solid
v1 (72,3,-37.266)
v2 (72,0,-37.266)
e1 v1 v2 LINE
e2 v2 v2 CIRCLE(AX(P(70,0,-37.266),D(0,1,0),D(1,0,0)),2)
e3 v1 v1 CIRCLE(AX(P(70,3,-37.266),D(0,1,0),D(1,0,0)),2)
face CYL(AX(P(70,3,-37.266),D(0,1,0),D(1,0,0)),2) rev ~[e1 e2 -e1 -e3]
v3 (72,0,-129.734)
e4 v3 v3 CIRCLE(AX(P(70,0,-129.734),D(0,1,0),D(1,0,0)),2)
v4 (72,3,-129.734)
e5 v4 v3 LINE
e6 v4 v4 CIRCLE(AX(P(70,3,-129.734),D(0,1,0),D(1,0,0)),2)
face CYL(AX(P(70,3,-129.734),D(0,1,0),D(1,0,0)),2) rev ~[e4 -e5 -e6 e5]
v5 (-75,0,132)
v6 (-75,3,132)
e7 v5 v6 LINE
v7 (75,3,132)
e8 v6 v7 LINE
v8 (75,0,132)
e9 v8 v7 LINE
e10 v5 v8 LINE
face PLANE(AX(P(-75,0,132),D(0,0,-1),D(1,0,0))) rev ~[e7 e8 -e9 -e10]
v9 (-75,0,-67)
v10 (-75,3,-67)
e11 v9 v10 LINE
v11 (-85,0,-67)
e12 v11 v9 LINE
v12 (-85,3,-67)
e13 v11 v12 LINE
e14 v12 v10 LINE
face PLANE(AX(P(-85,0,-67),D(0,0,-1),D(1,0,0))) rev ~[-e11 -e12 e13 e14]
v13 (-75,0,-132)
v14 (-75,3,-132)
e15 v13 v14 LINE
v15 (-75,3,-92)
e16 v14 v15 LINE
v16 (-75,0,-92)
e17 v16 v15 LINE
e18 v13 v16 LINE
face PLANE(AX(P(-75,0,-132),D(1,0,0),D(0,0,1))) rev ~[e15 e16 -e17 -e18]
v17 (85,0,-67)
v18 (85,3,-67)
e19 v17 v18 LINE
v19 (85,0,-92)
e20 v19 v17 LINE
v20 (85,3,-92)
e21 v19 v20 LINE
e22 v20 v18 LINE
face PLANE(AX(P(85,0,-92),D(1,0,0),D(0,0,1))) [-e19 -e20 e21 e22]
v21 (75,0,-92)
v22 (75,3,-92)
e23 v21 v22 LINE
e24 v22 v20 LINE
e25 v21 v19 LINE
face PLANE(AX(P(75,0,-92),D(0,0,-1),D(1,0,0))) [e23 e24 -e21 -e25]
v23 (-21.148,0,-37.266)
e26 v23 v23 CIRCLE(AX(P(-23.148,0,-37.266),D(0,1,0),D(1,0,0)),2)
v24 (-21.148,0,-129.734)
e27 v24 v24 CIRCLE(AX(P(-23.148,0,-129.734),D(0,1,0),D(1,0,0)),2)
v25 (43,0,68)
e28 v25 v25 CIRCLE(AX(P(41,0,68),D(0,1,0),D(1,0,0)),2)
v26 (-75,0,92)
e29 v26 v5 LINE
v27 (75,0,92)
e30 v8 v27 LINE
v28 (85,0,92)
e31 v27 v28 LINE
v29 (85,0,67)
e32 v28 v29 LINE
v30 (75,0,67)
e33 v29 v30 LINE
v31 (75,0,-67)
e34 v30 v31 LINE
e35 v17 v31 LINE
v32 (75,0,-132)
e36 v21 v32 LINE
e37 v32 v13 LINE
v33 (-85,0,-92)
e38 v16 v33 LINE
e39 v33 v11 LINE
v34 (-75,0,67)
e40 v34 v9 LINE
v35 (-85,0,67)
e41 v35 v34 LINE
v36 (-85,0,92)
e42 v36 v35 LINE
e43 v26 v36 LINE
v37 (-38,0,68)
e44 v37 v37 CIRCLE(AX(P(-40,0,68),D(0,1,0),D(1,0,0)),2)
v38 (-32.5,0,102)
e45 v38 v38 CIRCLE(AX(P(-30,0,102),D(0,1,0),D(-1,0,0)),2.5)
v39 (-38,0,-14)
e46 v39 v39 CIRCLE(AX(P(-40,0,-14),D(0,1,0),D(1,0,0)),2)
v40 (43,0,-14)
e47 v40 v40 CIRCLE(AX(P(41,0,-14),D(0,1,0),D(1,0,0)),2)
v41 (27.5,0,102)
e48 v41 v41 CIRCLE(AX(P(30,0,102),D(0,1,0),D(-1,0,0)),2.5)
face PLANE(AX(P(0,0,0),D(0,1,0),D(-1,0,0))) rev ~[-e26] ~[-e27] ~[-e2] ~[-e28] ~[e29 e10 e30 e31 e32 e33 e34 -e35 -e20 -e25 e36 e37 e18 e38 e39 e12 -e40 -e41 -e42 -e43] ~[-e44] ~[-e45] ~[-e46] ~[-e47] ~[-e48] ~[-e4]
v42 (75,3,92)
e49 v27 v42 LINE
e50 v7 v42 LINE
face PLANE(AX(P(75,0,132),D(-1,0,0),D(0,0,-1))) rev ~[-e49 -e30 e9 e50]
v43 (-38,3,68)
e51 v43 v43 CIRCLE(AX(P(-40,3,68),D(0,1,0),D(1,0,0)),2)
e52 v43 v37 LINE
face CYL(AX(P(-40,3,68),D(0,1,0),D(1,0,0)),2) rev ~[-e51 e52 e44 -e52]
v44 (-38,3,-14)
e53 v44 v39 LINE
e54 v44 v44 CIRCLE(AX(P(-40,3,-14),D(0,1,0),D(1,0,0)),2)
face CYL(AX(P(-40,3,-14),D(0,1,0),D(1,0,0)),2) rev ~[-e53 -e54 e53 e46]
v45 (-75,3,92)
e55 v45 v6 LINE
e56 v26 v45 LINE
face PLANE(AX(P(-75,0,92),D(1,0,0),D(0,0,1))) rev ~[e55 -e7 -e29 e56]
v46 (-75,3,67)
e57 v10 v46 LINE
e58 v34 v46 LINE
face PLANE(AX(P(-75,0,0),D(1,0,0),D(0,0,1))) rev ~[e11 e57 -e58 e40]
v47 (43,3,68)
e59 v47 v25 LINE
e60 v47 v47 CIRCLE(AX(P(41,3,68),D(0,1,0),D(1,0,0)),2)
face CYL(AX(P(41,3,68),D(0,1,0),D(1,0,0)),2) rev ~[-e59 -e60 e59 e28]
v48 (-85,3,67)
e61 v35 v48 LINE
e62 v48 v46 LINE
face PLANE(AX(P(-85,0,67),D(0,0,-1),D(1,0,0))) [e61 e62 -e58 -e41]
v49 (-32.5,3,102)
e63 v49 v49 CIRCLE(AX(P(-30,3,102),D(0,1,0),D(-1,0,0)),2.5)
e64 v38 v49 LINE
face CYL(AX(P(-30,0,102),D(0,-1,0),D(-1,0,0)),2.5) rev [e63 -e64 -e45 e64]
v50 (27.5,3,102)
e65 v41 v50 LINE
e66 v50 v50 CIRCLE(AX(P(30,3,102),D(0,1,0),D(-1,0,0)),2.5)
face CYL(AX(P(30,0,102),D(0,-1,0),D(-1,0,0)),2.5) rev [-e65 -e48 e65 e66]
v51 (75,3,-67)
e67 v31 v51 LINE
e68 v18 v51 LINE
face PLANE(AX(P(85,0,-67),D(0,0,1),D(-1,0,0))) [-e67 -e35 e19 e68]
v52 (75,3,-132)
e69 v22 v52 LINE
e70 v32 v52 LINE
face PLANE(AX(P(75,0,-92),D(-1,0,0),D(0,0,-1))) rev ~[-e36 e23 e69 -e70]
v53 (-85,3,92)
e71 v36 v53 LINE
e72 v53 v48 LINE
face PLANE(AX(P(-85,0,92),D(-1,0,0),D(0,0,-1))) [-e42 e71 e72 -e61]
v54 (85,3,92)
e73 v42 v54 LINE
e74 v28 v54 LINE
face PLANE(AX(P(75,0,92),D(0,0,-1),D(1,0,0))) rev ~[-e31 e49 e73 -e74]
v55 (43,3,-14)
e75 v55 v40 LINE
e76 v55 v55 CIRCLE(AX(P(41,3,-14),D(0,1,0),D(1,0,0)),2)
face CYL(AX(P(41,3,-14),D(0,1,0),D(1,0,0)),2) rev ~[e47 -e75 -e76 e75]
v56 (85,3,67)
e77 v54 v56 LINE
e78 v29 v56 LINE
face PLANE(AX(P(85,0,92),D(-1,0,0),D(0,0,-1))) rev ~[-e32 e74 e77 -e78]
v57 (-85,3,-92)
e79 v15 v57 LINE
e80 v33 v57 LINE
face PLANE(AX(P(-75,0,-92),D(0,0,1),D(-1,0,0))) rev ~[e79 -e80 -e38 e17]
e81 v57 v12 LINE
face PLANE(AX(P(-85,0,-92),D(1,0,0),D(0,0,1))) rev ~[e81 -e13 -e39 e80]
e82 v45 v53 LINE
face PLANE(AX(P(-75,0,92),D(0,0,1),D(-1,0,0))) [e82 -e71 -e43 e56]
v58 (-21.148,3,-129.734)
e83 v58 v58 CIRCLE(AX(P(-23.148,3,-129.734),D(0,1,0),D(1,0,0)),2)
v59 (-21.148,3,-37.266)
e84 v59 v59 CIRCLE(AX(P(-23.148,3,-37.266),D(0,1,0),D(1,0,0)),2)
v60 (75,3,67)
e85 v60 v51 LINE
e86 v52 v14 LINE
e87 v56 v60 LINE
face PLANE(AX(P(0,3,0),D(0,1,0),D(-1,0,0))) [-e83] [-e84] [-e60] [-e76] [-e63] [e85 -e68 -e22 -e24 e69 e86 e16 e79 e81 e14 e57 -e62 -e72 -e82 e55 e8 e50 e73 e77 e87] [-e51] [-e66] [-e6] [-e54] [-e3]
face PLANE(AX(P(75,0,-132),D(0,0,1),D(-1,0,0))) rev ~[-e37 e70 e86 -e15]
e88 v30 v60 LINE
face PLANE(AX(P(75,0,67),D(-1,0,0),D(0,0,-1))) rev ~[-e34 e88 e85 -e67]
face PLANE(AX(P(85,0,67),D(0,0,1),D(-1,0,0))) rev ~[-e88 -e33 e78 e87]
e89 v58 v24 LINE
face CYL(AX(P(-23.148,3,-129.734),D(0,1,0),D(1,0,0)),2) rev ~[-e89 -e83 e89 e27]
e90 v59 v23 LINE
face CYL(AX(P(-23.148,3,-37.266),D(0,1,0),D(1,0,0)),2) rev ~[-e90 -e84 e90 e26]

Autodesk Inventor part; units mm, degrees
ref_plane "YZ Plane" through (0, 0, 0) normal (1, 0, 0) x (0, 1, 0)
ref_plane "XZ Plane" through (0, 0, 0) normal (0, 1, 0) x (-1, 0, 0)
ref_plane "XY Plane" through (0, 0, 0) normal (0, 0, 1) x (1, 0, 0)
sketch "Sketch1" plane through (0, 0, 0) normal (0, 1, 0) x (-1, 0, 0)
  line L0 (75, 132) -> (-75, 132)
  line L1 (-75, -132) -> (75, -132)
  line L2 (75, 132) -> (-75, -132) construction
  line L3 (-75, 132) -> (75, -132) construction
  line L4 (75, 92) -> (85, 92)
  line L5 (85, 92) -> (85, 67)
  line L6 (85, 67) -> (75, 67)
  line L7 (75, 92) -> (75, 132)
  line L8 (0, 0) -> (94, 0)
  line L9 (75, -92) -> (85, -92)
  line L10 (85, -92) -> (85, -67)
  line L11 (85, -67) -> (75, -67)
  line L12 (75, -132) -> (75, -92)
  line L13 (75, -67) -> (75, 67)
  line L14 (-75, 92) -> (-85, 92)
  line L15 (-85, 92) -> (-85, 67)
  line L16 (-85, 67) -> (-75, 67)
  line L17 (-75, 132) -> (-75, 92)
  line L18 (-75, -92) -> (-85, -92)
  line L19 (-85, -92) -> (-85, -67)
  line L20 (-85, -67) -> (-75, -67)
  line L21 (-75, 67) -> (-75, -67)
  line L22 (-75, -92) -> (-75, -132)
  circle A0 centre (30, 102) radius 2.5
  circle A1 centre (-30, 102) radius 2.5
  dimension "d0" = 264
  dimension "d1" = 150
  dimension "d4" = 10
  dimension "d5" = 25
  dimension "d6" = 40
  dimension "d7" = 10
  dimension "d8" = 9
  dimension "d9" = 10
  dimension "d10" = 25
  dimension "d11" = 40
  dimension "d12" = 160
  dimension "d17" = 5
  dimension "d18" = 5
  dimension "d19" = 30
  dimension "d20" = 30
  dimension "d21" = 45
  dimension "d22" = 45
extrude "Extrusion1" add sketch "Sketch1" along normal blind 3
sketch "Sketch2" plane through (0, 3, 0) normal (0, 1, 0) x (1, 0, 0)
  line L0 (-86, -72) -> (86, -72)
  line L1 (-75, -132) -> (75, -132) projected
  line L2 (45, -72) -> (45, 18)
  line L3 (75, -67) -> (75, 67) projected
  line L4 (45, 18) -> (-44, 18)
  line L5 (-44, 18) -> (-44, -72)
  line L6 (-75, 67) -> (-75, -67) projected
  circle A0 centre (41, -68) radius 2
  circle A1 centre (41, 14) radius 2
  circle A2 centre (-40, 14) radius 2
  circle A3 centre (-40, -68) radius 2
  circle A4 centre (70, 129.734) radius 2
  line L7 (75, 132) -> (-75, 132) projected
  circle A5 centre (70, 37.266) radius 2
  circle A6 centre (-23.148, 129.734) radius 2
  circle A7 centre (-23.148, 37.266) radius 2
  point P0 (0, 0)
  dimension "d15" = 60
  dimension "d16" = 30
  dimension "d23" = 90
  dimension "d25" = 4
  dimension "d26" = 4
  dimension "d27" = 4
  dimension "d28" = 4
  dimension "d29" = 4
  dimension "d30" = 4
  dimension "d31" = 4
  dimension "d32" = 4
  dimension "d33" = 4
  dimension "d34" = 4
  dimension "d35" = 4
  dimension "d36" = 4
  dimension "d39" = 89
  dimension "d40" = 4
  dimension "d41" = 5
  dimension "d42" = 2.266
  dimension "d43" = 4
  dimension "d44" = 5
  dimension "d45" = 92.468
  dimension "d46" = 4
  dimension "d47" = 4
  dimension "d48" = 93.148
  dimension "d49" = 93.148
  dimension "d50" = 2.266
  dimension "d51" = 0
extrude "Extrusion2" cut sketch "Sketch2" against normal blind 3 contours A0 | A1 | A2 | A3 | A4 | A5 | A6 | A7
properties part number "bottom_part"
